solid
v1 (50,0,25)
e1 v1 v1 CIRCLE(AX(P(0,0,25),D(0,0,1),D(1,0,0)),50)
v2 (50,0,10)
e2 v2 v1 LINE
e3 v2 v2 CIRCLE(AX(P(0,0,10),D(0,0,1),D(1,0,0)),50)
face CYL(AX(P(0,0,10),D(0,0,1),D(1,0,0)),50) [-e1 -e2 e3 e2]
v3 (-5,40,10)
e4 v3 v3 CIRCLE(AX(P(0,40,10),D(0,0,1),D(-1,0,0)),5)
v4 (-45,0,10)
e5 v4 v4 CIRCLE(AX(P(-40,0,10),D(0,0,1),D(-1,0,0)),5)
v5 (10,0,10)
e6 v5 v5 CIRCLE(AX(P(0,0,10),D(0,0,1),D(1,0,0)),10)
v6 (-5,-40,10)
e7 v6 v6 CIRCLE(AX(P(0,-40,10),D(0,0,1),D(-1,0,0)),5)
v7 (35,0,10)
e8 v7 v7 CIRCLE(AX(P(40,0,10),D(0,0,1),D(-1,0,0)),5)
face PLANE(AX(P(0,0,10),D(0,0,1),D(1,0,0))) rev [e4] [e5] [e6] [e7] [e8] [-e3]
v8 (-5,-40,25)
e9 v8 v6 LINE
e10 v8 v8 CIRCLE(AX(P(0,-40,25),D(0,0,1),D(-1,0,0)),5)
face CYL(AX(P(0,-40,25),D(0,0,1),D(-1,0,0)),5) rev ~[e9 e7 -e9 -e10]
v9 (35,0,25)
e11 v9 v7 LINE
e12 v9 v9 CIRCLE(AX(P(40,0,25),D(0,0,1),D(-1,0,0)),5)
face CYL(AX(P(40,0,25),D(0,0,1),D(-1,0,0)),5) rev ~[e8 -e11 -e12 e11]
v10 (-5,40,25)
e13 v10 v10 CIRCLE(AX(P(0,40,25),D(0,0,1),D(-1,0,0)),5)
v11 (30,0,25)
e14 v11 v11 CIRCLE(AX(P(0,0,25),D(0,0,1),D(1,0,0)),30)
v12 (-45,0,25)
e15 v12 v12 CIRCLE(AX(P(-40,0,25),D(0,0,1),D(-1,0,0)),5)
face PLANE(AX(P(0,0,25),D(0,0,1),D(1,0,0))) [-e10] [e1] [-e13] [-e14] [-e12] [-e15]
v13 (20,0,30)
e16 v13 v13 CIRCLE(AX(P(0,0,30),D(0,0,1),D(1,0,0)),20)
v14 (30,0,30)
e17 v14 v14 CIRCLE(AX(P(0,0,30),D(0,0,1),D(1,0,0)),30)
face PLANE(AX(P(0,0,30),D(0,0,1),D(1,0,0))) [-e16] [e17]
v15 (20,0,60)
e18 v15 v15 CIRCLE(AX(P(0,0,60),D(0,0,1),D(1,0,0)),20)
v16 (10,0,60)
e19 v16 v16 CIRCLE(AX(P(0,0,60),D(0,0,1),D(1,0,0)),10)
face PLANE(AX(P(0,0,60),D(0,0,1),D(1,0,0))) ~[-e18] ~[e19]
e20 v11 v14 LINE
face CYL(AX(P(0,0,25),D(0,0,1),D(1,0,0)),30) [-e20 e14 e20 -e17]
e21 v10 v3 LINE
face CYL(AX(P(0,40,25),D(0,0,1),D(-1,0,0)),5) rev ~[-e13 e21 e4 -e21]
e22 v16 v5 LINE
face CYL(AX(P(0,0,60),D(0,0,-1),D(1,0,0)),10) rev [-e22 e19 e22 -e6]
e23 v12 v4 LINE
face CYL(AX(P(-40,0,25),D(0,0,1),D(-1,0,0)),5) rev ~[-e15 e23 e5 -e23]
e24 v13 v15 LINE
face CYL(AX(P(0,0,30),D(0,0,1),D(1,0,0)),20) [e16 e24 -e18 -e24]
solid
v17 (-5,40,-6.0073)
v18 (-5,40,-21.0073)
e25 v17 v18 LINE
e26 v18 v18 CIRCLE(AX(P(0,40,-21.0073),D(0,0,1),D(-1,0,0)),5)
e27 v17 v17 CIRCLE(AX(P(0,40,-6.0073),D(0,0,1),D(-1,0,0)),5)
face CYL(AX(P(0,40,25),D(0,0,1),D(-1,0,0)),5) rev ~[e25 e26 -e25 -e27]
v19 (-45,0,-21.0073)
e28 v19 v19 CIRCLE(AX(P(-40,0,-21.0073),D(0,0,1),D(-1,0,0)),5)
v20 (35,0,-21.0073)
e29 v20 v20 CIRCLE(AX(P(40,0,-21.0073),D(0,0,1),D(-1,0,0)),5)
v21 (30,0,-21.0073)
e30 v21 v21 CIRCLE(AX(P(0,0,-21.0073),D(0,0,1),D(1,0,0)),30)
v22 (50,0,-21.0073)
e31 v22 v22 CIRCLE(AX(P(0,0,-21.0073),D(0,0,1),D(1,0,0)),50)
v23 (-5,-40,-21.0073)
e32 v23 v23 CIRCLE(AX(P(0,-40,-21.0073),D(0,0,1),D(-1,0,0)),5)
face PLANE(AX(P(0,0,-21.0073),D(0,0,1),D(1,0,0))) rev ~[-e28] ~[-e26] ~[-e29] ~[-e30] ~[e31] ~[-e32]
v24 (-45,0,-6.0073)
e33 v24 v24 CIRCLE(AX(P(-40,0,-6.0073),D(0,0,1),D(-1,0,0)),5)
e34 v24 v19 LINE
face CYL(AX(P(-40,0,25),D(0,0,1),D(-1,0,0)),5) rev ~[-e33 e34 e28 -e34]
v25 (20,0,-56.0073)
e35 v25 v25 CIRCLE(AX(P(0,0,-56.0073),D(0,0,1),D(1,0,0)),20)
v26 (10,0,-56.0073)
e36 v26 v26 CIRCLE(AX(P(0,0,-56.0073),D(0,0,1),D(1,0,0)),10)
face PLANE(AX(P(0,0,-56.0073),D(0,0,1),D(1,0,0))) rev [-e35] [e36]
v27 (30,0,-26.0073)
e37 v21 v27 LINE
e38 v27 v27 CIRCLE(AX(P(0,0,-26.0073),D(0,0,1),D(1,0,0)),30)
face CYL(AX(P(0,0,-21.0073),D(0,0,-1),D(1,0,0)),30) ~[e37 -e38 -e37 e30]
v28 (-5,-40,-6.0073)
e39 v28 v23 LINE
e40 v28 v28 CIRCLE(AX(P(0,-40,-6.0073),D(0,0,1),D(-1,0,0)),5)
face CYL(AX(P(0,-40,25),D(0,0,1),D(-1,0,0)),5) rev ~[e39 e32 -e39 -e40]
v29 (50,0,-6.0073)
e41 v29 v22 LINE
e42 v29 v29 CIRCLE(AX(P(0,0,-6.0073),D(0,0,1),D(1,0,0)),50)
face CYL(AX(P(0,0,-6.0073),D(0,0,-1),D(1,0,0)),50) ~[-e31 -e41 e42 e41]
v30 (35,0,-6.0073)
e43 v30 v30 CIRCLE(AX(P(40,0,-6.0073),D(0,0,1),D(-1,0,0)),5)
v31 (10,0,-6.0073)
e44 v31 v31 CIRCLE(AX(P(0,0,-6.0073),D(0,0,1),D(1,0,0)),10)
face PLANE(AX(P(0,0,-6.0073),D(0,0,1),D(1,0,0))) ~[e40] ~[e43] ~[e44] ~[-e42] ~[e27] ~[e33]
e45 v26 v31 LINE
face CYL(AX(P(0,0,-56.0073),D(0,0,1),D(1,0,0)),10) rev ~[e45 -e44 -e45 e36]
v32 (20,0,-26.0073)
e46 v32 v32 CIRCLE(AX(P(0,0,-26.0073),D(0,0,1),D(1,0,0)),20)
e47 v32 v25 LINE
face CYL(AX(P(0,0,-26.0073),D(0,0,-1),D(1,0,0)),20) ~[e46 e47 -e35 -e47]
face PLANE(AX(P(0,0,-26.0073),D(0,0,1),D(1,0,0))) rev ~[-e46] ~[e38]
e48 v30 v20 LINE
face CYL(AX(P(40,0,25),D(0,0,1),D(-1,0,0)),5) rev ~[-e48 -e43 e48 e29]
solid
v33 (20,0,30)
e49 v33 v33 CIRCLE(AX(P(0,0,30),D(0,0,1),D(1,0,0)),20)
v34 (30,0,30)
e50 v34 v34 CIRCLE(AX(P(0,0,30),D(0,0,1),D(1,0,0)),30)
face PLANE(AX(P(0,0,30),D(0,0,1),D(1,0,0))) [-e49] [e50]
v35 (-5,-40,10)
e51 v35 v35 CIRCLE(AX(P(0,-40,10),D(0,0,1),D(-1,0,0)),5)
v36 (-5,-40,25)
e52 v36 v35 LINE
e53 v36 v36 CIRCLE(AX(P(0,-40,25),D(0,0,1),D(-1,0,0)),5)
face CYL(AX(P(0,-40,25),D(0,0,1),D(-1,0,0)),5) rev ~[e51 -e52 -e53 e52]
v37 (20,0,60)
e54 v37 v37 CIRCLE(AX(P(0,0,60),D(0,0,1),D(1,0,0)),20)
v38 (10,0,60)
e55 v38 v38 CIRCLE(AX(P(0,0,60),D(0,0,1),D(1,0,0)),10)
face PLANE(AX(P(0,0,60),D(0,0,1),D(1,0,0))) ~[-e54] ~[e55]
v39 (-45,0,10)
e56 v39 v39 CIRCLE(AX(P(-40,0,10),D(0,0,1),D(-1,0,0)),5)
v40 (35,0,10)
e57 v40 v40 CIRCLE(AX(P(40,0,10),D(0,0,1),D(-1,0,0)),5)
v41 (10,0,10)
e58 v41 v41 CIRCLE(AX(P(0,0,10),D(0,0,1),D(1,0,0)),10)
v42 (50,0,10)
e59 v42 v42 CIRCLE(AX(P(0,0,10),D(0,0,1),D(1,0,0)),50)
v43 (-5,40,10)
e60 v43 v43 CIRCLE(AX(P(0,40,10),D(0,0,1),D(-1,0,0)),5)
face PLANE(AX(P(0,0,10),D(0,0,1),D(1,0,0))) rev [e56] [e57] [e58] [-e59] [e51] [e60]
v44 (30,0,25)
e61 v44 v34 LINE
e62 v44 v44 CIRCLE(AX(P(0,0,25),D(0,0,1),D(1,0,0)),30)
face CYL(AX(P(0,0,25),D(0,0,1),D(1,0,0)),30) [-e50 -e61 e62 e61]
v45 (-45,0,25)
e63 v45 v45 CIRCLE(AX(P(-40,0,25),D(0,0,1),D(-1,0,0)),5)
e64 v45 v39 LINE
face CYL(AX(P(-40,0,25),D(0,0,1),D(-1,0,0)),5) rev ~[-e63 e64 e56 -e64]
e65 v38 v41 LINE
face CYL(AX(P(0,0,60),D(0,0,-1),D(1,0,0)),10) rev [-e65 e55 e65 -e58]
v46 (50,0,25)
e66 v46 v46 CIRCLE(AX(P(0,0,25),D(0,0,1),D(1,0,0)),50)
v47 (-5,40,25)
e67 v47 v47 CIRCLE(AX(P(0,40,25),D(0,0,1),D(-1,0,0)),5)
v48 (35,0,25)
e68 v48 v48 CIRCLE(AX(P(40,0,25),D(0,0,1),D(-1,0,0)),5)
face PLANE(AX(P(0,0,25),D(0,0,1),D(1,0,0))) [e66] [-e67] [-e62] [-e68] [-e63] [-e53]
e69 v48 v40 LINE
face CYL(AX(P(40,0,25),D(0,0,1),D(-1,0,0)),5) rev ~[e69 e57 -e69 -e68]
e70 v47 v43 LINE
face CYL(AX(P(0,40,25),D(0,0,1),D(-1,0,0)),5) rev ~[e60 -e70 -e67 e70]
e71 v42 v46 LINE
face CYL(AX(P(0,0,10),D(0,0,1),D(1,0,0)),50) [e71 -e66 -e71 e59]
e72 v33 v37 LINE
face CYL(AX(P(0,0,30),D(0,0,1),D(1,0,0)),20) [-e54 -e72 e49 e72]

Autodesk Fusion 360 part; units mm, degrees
sketch "Sketch1" plane through (0, 0, 0) normal (0, 1, 0) x (1, 0, 0)
  line L0 (10, -60) -> (10, -10)
  line L1 (10, -10) -> (50, -10)
  line L2 (50, -10) -> (50, -25)
  line L3 (50, -25) -> (30, -25)
  line L4 (30, -25) -> (30, -30)
  line L5 (30, -30) -> (20, -30)
  line L6 (20, -30) -> (20, -60)
  line L7 (10, -60) -> (20, -60)
  line L8 (59.5256, -1.9963) -> (0, -1.9963)
  line L9 (10, 56.0073) -> (20, 56.0073)
  line L10 (20, 26.0073) -> (20, 56.0073)
  line L11 (10, 56.0073) -> (10, 6.0073)
  line L12 (10, 6.0073) -> (50, 6.0073)
  line L13 (50, 6.0073) -> (50, 21.0073)
  line L14 (50, 21.0073) -> (30, 21.0073)
  line L15 (30, 21.0073) -> (30, 26.0073)
  line L16 (30, 26.0073) -> (20, 26.0073)
revolve "Revolve2" add sketch "Sketch1" angle 360 about axis through (0, 0, 1.75) along (0, 0, 1) makes body 1 at (36.4433, -2.9808, 10) makes body 2 at (36.4433, -2.9808, -6.0073)
revolve "Revolve1" add sketch "Sketch1" angle 360 about axis through (0, 0, 1.75) along (0, 0, 1) separate body contours L0 L1 L2 L3 L4 L5 L6 L7 makes body 3
sketch "Sketch2" plane through (0, 0, 25) normal (0, 0, 1) x (-1, 0, 0)
  circle A0 centre (0, 0) radius 50
  circle A1 centre (0, 0) radius 30
  circle A2 centre (0, -40) radius 5
  circle A3 centre (-40, 0) radius 5
  circle A4 centre (0, 40) radius 5
  circle A5 centre (40, 0) radius 5
extrude "Extrude1" cut sketch "Sketch2" against normal blind 50 contours A2 | A3 | A4 | A5 bodies 1 2 3
